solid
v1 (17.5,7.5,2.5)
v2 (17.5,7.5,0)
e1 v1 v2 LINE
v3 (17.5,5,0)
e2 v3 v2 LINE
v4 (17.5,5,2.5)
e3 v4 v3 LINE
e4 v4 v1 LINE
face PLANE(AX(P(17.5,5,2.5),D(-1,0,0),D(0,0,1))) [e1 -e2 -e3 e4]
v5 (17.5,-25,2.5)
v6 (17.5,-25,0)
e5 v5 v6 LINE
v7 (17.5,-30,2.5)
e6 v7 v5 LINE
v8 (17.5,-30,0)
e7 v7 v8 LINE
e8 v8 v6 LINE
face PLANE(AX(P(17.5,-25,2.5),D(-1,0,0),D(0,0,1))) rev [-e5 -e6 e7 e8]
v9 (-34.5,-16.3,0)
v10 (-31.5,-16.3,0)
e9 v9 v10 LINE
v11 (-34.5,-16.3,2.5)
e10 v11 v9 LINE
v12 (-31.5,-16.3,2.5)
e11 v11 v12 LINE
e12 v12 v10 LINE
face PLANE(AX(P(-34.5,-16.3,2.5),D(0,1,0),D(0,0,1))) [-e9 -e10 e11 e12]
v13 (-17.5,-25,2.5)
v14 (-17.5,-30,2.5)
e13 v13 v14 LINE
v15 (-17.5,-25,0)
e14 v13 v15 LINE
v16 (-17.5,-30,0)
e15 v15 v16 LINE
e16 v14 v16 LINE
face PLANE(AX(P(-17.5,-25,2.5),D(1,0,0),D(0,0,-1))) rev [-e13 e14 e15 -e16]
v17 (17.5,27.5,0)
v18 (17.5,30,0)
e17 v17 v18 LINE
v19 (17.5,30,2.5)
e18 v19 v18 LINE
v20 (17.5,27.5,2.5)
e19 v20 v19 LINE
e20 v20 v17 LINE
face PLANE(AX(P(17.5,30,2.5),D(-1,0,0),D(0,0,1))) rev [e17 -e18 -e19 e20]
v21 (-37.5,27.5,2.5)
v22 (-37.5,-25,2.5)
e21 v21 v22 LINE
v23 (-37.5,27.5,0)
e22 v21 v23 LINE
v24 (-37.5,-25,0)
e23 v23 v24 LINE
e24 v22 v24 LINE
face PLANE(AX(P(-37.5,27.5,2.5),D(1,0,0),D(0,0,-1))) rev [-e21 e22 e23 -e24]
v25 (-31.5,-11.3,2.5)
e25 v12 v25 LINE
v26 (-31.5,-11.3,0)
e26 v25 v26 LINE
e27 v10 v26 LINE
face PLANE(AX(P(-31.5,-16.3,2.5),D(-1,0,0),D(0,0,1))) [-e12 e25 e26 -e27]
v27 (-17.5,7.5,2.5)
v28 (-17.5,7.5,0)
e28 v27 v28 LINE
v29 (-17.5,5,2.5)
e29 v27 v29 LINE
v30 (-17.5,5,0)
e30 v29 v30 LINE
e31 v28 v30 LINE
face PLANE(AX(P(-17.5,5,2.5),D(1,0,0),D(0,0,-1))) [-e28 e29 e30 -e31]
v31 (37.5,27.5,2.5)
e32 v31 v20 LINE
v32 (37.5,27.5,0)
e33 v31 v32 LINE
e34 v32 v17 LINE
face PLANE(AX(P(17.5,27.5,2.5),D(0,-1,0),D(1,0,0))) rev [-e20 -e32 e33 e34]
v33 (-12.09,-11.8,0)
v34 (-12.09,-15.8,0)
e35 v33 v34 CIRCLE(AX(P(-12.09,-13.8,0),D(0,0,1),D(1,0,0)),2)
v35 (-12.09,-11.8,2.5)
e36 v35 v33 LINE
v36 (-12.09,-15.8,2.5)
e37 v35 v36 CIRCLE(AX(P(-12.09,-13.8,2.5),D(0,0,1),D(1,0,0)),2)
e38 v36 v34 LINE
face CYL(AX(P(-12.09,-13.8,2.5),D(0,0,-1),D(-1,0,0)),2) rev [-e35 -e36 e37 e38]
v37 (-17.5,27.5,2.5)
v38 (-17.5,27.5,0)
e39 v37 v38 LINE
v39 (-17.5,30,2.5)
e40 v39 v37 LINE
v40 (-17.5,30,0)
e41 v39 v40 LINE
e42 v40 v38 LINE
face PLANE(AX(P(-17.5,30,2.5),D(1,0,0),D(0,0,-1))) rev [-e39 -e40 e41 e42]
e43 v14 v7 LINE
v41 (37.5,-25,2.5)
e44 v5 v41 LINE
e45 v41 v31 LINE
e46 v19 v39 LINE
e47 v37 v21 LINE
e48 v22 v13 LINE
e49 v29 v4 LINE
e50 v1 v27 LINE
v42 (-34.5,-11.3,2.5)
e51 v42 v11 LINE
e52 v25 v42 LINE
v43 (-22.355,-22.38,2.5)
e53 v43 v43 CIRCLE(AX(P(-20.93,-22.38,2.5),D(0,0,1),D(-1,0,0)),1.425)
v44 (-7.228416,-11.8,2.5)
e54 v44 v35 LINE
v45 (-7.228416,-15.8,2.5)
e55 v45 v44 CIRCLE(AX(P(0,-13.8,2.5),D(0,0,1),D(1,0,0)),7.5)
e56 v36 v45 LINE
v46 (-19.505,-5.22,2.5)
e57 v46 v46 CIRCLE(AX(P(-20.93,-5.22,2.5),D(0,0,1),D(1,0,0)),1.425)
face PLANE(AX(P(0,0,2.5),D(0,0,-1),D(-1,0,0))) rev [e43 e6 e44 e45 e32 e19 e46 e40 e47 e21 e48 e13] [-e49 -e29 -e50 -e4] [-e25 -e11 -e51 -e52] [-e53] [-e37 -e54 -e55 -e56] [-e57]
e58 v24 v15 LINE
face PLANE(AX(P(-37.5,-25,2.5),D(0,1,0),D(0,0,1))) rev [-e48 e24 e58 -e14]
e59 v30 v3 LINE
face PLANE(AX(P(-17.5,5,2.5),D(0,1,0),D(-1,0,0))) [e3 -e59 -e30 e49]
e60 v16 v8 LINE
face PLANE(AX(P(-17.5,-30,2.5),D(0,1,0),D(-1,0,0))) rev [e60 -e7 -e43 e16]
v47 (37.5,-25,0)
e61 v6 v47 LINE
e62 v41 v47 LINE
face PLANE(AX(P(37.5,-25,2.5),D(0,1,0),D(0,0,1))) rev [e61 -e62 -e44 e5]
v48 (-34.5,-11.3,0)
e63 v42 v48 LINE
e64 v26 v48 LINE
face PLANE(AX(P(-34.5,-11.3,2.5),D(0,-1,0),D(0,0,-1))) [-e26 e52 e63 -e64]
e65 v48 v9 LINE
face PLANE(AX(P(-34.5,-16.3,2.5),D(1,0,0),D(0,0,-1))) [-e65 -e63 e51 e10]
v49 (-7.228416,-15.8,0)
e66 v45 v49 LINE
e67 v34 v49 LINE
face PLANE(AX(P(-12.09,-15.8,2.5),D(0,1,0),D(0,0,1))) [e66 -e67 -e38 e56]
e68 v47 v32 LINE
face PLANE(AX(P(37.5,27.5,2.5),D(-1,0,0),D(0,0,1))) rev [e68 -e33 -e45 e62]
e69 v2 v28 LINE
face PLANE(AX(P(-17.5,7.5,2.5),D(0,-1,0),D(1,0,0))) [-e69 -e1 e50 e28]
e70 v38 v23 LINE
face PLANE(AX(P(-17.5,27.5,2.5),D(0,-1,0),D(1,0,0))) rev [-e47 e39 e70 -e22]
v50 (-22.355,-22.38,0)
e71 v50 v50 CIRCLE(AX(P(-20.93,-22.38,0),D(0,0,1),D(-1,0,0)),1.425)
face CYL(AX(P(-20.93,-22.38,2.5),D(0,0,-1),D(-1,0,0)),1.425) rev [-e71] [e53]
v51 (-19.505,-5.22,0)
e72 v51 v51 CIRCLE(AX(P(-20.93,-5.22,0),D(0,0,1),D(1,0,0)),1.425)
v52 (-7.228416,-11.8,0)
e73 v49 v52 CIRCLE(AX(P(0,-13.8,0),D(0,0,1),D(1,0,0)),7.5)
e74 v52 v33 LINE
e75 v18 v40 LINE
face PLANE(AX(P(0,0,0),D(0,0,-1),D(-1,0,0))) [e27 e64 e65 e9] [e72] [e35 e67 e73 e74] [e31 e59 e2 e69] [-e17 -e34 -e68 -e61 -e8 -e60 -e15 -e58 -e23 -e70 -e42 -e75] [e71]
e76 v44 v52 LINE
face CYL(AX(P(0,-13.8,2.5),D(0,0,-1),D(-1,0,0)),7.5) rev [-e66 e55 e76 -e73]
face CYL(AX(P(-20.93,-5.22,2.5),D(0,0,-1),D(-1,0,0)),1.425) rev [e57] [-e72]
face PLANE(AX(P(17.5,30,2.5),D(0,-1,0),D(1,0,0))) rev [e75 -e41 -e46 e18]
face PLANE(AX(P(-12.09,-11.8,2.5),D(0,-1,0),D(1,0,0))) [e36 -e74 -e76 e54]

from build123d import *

# Parameters (mm, degrees)
SKETCH1_R           = 1.425
SKETCH1_W           = 3
SKETCH1_H           = 5
SKETCH1_W_2         = 35
SKETCH1_H_2         = 2.5
BOSS_EXTRUDE1_DEPTH = 2.5


with BuildPart() as part:
    # Sketch1 → Boss-Extrude1 (new body)
    with BuildSketch(Plane.XY):
        Polygon((17.5, 30), (-17.5, 30), (-17.5, 27.5), (-37.5, 27.5), (-37.5, -25), (-17.5, -25), (-17.5, -30), (17.5, -30), (17.5, -25), (37.5, -25), (37.5, 27.5), (17.5, 27.5), align=None)
        with Locations((-20.93, -5.22)):
            Circle(SKETCH1_R, mode=Mode.SUBTRACT)
        with Locations(Location((-20.93, -22.38, 0), (0, 0, 180))):
            Circle(SKETCH1_R, mode=Mode.SUBTRACT)
        with BuildLine():
            Line((-12.09, -11.8), (-7.228416147, -11.8))
            ThreePointArc((-7.228416147, -11.8), (7.5, -13.8), (-7.228416147, -15.8))
            Line((-7.228416147, -15.8), (-12.09, -15.8))
            ThreePointArc((-12.09, -15.8), (-14.09, -13.8), (-12.09, -11.8))
        make_face(mode=Mode.SUBTRACT)
        with Locations((-33, -13.8)):
            Rectangle(SKETCH1_W, SKETCH1_H, mode=Mode.SUBTRACT)
        with Locations((0, 6.25)):
            Rectangle(SKETCH1_W_2, SKETCH1_H_2, mode=Mode.SUBTRACT)
    extrude(amount=BOSS_EXTRUDE1_DEPTH)


solid = part.part
